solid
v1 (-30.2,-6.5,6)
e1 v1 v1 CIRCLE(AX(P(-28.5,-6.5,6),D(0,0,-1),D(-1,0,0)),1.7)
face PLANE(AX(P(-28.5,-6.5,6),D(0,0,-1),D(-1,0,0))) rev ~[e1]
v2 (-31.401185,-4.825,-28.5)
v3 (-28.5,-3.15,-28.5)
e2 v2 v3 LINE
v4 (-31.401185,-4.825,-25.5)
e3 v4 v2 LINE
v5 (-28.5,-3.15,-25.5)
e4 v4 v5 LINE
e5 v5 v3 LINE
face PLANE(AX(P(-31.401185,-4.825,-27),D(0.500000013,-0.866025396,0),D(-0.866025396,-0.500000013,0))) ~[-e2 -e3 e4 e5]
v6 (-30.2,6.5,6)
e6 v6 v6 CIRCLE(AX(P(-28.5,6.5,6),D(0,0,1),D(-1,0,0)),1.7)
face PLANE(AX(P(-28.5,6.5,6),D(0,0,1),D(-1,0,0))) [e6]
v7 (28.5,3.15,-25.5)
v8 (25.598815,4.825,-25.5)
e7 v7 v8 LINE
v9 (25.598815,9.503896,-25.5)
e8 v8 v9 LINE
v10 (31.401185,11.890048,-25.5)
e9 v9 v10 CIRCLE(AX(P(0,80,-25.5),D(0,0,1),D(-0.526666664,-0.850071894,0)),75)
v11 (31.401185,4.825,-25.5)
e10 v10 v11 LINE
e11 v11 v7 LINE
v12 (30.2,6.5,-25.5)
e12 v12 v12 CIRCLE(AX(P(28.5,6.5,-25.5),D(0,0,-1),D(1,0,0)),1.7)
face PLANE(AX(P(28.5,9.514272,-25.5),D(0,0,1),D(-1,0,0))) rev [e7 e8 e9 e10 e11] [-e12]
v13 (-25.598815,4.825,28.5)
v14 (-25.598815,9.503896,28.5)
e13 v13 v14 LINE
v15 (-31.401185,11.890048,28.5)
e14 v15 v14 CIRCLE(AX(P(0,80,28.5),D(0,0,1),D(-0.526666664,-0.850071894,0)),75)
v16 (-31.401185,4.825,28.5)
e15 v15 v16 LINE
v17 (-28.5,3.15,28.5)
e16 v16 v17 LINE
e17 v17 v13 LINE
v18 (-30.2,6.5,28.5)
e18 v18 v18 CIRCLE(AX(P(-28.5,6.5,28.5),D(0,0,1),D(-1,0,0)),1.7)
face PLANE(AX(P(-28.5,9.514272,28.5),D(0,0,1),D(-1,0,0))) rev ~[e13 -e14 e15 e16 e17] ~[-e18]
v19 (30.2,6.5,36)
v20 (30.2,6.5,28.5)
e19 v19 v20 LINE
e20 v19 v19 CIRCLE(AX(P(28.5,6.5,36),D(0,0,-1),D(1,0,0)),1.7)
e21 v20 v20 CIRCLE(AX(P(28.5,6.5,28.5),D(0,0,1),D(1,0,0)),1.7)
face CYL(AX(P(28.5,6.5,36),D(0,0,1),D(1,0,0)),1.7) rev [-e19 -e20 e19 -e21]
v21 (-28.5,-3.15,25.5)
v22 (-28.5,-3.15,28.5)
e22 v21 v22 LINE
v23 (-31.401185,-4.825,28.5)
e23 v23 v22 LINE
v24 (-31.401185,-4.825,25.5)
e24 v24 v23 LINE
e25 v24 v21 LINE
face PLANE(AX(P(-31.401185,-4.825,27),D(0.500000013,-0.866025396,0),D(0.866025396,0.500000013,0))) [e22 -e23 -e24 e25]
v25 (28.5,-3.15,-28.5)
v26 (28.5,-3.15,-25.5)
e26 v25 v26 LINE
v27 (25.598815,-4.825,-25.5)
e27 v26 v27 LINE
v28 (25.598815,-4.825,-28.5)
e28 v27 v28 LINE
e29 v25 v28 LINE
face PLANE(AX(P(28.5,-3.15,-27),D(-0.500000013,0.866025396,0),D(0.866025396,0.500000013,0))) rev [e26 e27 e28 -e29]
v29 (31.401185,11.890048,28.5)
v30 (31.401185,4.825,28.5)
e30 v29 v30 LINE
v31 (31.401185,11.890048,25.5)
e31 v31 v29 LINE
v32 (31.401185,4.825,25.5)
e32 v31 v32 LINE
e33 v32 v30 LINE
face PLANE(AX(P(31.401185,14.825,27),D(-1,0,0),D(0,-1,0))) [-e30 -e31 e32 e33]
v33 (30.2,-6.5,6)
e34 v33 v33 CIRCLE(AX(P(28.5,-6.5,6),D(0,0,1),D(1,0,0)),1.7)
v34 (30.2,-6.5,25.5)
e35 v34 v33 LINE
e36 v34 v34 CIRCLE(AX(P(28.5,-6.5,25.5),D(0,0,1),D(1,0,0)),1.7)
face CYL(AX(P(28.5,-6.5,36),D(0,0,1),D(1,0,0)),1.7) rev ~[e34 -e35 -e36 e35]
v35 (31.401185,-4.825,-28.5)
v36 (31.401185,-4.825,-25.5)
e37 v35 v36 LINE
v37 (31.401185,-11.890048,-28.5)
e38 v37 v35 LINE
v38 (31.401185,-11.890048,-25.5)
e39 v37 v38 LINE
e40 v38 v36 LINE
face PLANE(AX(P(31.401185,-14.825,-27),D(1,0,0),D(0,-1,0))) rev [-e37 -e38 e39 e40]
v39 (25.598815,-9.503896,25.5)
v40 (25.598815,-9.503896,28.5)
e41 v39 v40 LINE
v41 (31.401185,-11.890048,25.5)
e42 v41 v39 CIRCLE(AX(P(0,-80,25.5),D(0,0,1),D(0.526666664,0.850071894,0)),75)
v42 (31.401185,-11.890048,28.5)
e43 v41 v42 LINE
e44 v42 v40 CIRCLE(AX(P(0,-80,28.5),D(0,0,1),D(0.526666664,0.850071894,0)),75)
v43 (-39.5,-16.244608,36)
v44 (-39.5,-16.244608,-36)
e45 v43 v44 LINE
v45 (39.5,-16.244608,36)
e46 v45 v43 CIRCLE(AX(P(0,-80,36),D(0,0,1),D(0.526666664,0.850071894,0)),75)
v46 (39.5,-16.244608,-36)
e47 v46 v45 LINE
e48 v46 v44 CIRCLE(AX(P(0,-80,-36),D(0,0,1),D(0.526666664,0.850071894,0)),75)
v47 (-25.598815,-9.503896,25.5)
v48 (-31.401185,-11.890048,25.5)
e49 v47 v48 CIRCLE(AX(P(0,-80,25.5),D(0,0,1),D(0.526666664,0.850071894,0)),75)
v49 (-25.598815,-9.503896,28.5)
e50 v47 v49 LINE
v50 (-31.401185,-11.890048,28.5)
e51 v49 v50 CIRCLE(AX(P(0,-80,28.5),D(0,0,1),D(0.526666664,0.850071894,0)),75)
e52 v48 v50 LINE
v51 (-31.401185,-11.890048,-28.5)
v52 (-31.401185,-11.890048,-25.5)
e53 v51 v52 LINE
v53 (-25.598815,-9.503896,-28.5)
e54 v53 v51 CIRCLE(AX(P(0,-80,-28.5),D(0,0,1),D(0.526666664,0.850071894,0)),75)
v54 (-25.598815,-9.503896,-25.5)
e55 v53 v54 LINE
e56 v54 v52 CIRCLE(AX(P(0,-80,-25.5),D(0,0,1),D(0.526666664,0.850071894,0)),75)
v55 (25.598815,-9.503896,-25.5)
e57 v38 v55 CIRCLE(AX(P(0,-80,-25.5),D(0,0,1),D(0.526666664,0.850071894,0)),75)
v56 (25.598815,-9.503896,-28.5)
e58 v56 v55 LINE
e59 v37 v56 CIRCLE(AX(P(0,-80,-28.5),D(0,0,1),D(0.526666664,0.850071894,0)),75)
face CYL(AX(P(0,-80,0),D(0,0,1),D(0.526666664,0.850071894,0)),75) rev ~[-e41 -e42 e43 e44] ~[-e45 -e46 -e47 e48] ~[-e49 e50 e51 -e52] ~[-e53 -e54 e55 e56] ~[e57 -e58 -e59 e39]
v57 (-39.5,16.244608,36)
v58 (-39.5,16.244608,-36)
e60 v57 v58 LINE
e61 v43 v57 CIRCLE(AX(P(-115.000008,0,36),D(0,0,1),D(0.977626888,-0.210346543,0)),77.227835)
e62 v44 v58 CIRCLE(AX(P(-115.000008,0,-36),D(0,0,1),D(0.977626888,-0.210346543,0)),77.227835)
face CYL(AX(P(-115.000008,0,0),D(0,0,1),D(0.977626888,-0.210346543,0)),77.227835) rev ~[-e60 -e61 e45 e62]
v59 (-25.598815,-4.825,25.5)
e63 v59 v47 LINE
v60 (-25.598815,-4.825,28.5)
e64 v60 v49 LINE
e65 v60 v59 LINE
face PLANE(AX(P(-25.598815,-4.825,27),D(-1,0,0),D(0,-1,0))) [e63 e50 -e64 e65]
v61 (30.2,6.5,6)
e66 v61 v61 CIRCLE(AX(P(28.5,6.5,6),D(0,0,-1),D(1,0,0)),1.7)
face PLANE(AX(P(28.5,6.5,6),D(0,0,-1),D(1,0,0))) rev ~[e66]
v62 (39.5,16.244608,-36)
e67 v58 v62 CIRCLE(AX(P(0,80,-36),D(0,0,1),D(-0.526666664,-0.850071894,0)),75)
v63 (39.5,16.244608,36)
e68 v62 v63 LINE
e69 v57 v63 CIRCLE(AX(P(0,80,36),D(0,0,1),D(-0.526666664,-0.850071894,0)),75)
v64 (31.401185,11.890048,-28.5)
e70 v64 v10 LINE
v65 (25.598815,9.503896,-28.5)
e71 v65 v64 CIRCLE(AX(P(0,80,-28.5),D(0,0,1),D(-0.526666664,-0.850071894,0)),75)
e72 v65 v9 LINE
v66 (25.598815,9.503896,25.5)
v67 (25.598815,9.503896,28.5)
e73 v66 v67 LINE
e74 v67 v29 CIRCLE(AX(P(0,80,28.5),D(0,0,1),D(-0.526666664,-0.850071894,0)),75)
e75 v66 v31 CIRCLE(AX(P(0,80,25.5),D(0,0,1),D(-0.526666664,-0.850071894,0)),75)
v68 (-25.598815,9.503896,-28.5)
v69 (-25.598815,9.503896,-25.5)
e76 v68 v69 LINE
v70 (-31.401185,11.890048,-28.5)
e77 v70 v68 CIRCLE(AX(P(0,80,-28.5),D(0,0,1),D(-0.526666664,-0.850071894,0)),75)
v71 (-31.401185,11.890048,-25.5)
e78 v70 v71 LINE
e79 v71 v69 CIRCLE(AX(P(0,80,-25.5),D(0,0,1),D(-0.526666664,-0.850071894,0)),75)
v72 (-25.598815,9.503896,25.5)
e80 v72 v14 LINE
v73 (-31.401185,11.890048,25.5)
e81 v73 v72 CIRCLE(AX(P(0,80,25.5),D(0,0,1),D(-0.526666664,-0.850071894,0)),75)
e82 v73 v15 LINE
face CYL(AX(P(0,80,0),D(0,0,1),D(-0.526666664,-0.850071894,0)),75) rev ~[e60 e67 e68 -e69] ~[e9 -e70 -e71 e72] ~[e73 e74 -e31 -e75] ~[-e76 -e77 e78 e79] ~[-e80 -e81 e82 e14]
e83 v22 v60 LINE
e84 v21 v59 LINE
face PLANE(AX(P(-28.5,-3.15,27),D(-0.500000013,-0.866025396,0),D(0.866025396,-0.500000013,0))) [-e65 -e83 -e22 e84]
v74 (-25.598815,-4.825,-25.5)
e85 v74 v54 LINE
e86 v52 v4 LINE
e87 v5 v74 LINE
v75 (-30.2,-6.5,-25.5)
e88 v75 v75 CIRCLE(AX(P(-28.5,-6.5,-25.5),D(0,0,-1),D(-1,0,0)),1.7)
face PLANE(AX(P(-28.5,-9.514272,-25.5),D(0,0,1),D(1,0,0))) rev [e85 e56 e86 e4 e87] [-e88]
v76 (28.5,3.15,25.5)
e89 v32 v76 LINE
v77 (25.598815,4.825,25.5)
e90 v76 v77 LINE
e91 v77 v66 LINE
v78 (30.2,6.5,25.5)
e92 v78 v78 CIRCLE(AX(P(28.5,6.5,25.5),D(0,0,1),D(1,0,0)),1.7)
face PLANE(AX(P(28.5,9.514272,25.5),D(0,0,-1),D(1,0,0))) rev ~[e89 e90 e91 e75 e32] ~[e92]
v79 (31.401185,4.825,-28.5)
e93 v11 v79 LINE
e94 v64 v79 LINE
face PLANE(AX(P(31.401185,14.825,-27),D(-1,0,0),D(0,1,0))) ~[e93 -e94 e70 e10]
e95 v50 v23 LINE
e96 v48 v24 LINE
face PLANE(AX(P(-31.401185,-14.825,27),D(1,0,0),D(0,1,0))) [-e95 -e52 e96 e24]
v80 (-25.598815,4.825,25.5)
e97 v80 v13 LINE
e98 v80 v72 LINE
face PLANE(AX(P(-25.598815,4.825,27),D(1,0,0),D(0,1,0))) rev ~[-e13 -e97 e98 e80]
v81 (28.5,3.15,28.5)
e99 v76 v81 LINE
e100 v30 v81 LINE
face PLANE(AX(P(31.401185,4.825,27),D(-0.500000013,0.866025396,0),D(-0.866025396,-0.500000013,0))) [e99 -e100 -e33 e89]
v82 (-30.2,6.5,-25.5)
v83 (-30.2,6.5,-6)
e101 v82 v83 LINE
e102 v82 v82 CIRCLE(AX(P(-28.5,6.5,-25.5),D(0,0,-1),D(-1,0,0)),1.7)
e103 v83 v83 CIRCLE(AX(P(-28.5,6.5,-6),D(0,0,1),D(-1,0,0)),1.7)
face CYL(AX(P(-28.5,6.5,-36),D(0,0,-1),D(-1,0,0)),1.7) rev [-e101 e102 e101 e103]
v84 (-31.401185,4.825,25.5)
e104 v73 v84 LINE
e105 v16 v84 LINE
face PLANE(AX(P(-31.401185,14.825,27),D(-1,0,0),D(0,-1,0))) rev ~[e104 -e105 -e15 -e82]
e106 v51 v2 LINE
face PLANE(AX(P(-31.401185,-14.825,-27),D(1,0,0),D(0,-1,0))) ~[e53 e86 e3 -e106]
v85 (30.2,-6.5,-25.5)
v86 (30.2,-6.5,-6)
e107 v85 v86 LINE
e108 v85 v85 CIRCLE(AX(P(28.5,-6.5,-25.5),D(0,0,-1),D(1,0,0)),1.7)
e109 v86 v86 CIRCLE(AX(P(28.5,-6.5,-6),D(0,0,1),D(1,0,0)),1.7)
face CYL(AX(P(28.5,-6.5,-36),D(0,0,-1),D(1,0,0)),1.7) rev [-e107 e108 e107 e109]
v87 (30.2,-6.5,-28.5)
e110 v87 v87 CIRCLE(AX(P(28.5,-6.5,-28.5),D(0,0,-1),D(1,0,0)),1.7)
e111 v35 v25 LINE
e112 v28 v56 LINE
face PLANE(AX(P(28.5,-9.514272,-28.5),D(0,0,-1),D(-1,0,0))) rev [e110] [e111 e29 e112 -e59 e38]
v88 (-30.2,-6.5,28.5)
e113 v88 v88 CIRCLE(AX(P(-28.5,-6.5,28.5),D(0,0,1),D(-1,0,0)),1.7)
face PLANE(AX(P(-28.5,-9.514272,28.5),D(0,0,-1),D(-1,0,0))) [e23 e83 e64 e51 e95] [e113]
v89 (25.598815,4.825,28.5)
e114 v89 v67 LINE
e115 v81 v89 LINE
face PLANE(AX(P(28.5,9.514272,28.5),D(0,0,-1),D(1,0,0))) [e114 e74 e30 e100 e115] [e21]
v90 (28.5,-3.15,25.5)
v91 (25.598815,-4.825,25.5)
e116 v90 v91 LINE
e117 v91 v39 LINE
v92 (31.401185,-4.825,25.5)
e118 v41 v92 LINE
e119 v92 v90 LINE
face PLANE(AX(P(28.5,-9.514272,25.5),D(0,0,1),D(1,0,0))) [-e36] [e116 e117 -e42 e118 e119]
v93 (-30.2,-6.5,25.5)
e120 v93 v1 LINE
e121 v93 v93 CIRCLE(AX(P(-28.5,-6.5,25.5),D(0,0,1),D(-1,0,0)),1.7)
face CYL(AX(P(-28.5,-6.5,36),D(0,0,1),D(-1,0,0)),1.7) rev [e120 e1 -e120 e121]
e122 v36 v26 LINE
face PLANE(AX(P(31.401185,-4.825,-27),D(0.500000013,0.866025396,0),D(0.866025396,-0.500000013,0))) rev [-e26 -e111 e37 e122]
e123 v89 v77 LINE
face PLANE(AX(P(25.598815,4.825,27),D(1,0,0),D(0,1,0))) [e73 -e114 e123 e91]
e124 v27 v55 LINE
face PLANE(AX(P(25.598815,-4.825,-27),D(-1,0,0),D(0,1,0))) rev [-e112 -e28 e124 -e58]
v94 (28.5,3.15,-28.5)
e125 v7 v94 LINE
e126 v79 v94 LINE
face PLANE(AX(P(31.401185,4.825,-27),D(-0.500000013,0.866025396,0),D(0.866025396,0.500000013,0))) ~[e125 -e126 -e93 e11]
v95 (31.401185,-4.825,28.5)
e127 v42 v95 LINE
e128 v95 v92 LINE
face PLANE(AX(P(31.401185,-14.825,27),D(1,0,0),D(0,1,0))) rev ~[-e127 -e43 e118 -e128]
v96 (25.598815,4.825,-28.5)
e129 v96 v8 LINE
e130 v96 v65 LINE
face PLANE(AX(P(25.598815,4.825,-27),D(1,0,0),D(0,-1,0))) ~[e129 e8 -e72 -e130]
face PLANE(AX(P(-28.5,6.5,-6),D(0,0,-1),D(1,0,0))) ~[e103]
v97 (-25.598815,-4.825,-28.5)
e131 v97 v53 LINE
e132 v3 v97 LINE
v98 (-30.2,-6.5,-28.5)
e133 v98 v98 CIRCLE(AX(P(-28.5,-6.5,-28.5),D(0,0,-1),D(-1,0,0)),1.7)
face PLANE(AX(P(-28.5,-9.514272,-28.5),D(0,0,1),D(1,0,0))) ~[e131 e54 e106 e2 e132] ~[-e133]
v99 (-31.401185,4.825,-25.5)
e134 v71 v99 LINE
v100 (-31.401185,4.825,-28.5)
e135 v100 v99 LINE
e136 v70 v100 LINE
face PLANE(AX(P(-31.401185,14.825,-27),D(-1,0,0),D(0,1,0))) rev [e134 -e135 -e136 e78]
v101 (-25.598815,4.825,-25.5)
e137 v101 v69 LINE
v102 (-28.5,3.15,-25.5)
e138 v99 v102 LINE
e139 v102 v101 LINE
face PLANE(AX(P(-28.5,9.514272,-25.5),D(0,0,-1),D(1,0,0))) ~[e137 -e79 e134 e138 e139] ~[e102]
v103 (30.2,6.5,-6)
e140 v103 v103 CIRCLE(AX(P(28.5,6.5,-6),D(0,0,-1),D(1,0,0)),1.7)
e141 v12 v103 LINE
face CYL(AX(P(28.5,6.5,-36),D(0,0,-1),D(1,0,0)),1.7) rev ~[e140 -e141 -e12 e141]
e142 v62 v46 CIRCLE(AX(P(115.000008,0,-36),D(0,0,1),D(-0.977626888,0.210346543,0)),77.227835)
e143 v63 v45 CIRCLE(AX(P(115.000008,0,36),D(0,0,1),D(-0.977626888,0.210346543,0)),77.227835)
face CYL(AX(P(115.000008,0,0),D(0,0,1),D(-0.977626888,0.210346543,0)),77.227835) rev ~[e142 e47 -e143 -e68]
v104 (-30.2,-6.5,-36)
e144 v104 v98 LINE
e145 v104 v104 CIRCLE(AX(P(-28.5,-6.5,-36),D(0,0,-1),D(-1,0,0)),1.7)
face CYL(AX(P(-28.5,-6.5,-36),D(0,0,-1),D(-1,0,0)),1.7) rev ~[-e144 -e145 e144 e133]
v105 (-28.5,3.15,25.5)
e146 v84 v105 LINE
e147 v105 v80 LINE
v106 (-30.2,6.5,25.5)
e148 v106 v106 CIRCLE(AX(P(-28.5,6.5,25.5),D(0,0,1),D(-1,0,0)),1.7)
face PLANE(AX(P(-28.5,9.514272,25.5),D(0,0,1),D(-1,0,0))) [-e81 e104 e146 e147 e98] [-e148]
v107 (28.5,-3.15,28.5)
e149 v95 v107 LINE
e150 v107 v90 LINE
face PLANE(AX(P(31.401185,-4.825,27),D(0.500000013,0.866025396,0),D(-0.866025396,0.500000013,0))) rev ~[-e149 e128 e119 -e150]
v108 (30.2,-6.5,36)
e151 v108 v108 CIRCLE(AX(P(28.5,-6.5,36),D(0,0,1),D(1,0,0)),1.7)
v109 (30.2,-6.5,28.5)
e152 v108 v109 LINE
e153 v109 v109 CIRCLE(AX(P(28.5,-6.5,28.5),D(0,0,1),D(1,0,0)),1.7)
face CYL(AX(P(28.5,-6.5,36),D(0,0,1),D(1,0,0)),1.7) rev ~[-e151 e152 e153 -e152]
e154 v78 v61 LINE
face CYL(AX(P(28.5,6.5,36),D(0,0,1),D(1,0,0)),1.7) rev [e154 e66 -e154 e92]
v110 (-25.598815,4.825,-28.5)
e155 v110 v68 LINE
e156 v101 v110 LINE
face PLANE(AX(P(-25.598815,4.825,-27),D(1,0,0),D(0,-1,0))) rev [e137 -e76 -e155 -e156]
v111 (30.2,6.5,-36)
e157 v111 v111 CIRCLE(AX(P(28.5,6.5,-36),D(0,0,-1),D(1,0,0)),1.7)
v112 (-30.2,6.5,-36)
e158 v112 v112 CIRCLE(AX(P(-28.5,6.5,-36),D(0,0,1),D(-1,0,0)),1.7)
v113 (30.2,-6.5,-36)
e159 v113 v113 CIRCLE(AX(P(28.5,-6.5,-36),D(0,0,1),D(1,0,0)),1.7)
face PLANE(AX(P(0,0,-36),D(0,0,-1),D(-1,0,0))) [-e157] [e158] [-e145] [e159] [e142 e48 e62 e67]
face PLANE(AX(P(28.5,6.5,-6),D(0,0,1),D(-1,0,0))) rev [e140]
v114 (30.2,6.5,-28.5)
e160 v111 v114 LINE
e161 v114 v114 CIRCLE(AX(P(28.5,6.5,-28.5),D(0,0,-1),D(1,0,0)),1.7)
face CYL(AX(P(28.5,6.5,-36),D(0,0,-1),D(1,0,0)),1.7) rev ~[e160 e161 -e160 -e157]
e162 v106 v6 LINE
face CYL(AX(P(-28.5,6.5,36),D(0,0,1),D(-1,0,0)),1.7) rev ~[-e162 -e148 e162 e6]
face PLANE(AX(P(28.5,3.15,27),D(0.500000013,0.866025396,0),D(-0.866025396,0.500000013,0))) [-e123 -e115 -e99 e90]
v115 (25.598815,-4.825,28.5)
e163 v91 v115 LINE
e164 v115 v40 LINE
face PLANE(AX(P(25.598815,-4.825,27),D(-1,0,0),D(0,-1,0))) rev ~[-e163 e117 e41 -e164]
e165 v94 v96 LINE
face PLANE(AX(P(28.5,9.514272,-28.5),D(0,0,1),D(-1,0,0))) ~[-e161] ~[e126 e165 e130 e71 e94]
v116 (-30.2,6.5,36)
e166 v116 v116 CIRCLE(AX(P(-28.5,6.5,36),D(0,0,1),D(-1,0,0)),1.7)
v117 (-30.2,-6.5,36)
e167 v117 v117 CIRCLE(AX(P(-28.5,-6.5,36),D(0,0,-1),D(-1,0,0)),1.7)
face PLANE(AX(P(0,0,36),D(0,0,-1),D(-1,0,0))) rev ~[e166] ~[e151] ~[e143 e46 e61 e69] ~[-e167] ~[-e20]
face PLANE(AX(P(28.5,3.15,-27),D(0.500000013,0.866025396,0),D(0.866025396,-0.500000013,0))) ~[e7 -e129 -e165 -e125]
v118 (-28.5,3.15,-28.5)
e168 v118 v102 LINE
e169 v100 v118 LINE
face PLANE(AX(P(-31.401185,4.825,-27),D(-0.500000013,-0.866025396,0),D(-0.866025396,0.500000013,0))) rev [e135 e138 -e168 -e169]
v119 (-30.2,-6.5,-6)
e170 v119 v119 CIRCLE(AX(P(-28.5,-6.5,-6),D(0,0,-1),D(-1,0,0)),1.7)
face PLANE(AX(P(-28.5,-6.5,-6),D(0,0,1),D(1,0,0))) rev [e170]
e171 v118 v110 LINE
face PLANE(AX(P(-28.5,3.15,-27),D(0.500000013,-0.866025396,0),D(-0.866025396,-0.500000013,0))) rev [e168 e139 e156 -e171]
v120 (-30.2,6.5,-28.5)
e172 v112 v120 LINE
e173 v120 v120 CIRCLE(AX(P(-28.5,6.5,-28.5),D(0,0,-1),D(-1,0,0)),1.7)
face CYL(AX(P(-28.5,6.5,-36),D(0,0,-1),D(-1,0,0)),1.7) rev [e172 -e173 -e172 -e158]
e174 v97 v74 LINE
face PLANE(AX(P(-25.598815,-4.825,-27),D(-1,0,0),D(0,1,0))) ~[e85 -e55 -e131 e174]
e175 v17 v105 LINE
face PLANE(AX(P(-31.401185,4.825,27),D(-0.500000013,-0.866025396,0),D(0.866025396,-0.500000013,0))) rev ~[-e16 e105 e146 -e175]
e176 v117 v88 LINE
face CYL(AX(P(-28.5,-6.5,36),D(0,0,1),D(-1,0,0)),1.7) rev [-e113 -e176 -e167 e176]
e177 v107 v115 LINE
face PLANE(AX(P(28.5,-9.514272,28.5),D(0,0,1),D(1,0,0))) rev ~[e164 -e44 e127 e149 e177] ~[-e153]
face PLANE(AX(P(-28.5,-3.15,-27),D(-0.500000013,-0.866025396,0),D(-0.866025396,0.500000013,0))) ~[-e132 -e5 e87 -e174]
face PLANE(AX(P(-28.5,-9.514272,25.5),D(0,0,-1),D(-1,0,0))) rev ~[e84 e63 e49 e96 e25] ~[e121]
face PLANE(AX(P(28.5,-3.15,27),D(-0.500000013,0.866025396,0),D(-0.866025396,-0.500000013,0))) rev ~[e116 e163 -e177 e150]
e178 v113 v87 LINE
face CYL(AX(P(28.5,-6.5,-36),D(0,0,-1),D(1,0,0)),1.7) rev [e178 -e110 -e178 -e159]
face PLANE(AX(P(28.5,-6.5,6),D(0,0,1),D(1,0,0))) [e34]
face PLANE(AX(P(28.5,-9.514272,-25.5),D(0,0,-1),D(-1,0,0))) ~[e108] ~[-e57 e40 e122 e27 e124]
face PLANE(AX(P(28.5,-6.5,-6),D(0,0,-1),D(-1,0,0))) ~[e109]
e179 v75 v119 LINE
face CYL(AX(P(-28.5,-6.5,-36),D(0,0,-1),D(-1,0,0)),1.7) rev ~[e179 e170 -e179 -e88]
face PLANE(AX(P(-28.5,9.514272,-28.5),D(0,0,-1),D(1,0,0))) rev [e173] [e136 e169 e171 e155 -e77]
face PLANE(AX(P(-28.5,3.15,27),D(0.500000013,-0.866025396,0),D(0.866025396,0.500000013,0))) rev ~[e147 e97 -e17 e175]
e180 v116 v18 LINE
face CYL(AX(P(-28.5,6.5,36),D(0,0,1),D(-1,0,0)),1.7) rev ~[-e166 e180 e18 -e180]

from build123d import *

# Parameters (mm, degrees)
PAD_DEPTH                                = 36
SKETCH001_R                              = 1.7
POCKET_DEPTH                             = 30
POCKET001_DEPTH                          = 1.5
POCKET001_MIRRORED_2_DEPTH               = 1.5
SKETCH001_MIRRORED_2_R                   = 1.7
POCKET_MIRRORED_2_DEPTH                  = 30
POCKET001_MIRRORED001_2_DEPTH            = 1.5
SKETCH001_MIRRORED001_2_R                = 1.7
POCKET_MIRRORED001_2_DEPTH               = 30
POCKET001_MIRRORED_2_MIRRORED001_2_DEPTH = 1.5
SKETCH001_MIRRORED_2_MIRRORED001_2_R     = 1.7
POCKET_MIRRORED_2_MIRRORED001_2_DEPTH    = 30


with BuildPart() as part:
    # Sketch → Pad (new body, symmetric)
    with BuildSketch(Plane.XY):
        with BuildLine():
            ThreePointArc((39.5, -16.244608), (0, -5), (-39.5, -16.244608))
            ThreePointArc((-39.5, -16.244608), (-37.772173, 0), (-39.5, 16.244608))
            ThreePointArc((-39.5, 16.244608), (0, 5), (39.5, 16.244608))
            ThreePointArc((39.5, 16.244608), (37.772173, 0), (39.5, -16.244608))
        make_face()
    extrude(amount=PAD_DEPTH, both=True)

    # Sketch001 (on Face6 of Pad) → Pocket (cut)
    with BuildSketch(Plane.XY.offset(36)):
        with Locations((28.5, -6.5)):
            Circle(SKETCH001_R)
    pocket = extrude(amount=-POCKET_DEPTH, mode=Mode.SUBTRACT)

    # Sketch002 (on DatumPlane) → Pocket001 (cut, symmetric)
    with BuildSketch(Plane.XY.offset(27)):
        Polygon((28.5, -3.15), (25.598815, -4.825), (25.598815, -14.825), (31.401185, -14.825), (31.401185, -4.825), align=None)
    pocket001 = extrude(amount=POCKET001_DEPTH, both=True, mode=Mode.SUBTRACT)

    # Sketch002 Mirrored 2 → Pocket001 Mirrored 2 (cut, symmetric)
    with BuildSketch(Plane(origin=(0, 0, 27), x_dir=(1, 0, 0), z_dir=(0, 0, -1))):
        Polygon((28.5, -3.15), (25.598815, -4.825), (25.598815, -14.825), (31.401185, -14.825), (31.401185, -4.825), align=None)
    pocket001_mirrored_2 = extrude(amount=-POCKET001_MIRRORED_2_DEPTH, both=True, mode=Mode.SUBTRACT)

    # Sketch001 Mirrored 2 → Pocket Mirrored 2 (cut)
    with BuildSketch(Plane(origin=(0, 0, 36), x_dir=(1, 0, 0), z_dir=(0, 0, -1))):
        with Locations((28.5, -6.5)):
            Circle(SKETCH001_MIRRORED_2_R)
    pocket_mirrored_2 = extrude(amount=POCKET_MIRRORED_2_DEPTH, mode=Mode.SUBTRACT)

    # Sketch002 Mirrored001 2 → Pocket001 Mirrored001 2 (cut, symmetric)
    with BuildSketch(Plane(origin=(0, 0, 27), x_dir=(-1, 0, 0), z_dir=(0, 0, -1))):
        Polygon((28.5, -3.15), (25.598815, -4.825), (25.598815, -14.825), (31.401185, -14.825), (31.401185, -4.825), align=None)
    pocket001_mirrored001_2 = extrude(amount=-POCKET001_MIRRORED001_2_DEPTH, both=True, mode=Mode.SUBTRACT)

    # Sketch001 Mirrored001 2 → Pocket Mirrored001 2 (cut)
    with BuildSketch(Plane(origin=(0, 0, 36), x_dir=(-1, 0, 0), z_dir=(0, 0, -1))):
        with Locations((28.5, -6.5)):
            Circle(SKETCH001_MIRRORED001_2_R)
    pocket_mirrored001_2 = extrude(amount=POCKET_MIRRORED001_2_DEPTH, mode=Mode.SUBTRACT)

    # Sketch002 Mirrored 2 Mirrored001 2 → Pocket001 Mirrored 2 Mirrored001 2 (cut, symmetric)
    with BuildSketch(Plane(origin=(0, 0, 27), x_dir=(-1, 0, 0), z_dir=(0, 0, 1))):
        Polygon((28.5, -3.15), (25.598815, -4.825), (25.598815, -14.825), (31.401185, -14.825), (31.401185, -4.825), align=None)
    pocket001_mirrored_2_mirrored001_2 = extrude(amount=POCKET001_MIRRORED_2_MIRRORED001_2_DEPTH, both=True, mode=Mode.SUBTRACT)

    # Sketch001 Mirrored 2 Mirrored001 2 → Pocket Mirrored 2 Mirrored001 2 (cut)
    with BuildSketch(Plane(origin=(0, 0, 36), x_dir=(-1, 0, 0), z_dir=(0, 0, 1))):
        with Locations((28.5, -6.5)):
            Circle(SKETCH001_MIRRORED_2_MIRRORED001_2_R)
    pocket_mirrored_2_mirrored001_2 = extrude(amount=-POCKET_MIRRORED_2_MIRRORED001_2_DEPTH, mode=Mode.SUBTRACT)

    # Mirrored002: Pocket001, Pocket, Pocket001 Mirrored 2, Pocket Mirrored 2, Pocket001 Mirrored001 2, Pocket Mirrored001 2, Pocket001 Mirrored 2 Mirrored001 2, Pocket Mirrored 2 Mirrored001 2 across XY
    add(pocket001.mirror(Plane.XY), mode=Mode.SUBTRACT)
    add(pocket.mirror(Plane.XY), mode=Mode.SUBTRACT)
    add(pocket001_mirrored_2.mirror(Plane.XY), mode=Mode.SUBTRACT)
    add(pocket_mirrored_2.mirror(Plane.XY), mode=Mode.SUBTRACT)
    add(pocket001_mirrored001_2.mirror(Plane.XY), mode=Mode.SUBTRACT)
    add(pocket_mirrored001_2.mirror(Plane.XY), mode=Mode.SUBTRACT)
    add(pocket001_mirrored_2_mirrored001_2.mirror(Plane.XY), mode=Mode.SUBTRACT)
    add(pocket_mirrored_2_mirrored001_2.mirror(Plane.XY), mode=Mode.SUBTRACT)


solid = part.part
